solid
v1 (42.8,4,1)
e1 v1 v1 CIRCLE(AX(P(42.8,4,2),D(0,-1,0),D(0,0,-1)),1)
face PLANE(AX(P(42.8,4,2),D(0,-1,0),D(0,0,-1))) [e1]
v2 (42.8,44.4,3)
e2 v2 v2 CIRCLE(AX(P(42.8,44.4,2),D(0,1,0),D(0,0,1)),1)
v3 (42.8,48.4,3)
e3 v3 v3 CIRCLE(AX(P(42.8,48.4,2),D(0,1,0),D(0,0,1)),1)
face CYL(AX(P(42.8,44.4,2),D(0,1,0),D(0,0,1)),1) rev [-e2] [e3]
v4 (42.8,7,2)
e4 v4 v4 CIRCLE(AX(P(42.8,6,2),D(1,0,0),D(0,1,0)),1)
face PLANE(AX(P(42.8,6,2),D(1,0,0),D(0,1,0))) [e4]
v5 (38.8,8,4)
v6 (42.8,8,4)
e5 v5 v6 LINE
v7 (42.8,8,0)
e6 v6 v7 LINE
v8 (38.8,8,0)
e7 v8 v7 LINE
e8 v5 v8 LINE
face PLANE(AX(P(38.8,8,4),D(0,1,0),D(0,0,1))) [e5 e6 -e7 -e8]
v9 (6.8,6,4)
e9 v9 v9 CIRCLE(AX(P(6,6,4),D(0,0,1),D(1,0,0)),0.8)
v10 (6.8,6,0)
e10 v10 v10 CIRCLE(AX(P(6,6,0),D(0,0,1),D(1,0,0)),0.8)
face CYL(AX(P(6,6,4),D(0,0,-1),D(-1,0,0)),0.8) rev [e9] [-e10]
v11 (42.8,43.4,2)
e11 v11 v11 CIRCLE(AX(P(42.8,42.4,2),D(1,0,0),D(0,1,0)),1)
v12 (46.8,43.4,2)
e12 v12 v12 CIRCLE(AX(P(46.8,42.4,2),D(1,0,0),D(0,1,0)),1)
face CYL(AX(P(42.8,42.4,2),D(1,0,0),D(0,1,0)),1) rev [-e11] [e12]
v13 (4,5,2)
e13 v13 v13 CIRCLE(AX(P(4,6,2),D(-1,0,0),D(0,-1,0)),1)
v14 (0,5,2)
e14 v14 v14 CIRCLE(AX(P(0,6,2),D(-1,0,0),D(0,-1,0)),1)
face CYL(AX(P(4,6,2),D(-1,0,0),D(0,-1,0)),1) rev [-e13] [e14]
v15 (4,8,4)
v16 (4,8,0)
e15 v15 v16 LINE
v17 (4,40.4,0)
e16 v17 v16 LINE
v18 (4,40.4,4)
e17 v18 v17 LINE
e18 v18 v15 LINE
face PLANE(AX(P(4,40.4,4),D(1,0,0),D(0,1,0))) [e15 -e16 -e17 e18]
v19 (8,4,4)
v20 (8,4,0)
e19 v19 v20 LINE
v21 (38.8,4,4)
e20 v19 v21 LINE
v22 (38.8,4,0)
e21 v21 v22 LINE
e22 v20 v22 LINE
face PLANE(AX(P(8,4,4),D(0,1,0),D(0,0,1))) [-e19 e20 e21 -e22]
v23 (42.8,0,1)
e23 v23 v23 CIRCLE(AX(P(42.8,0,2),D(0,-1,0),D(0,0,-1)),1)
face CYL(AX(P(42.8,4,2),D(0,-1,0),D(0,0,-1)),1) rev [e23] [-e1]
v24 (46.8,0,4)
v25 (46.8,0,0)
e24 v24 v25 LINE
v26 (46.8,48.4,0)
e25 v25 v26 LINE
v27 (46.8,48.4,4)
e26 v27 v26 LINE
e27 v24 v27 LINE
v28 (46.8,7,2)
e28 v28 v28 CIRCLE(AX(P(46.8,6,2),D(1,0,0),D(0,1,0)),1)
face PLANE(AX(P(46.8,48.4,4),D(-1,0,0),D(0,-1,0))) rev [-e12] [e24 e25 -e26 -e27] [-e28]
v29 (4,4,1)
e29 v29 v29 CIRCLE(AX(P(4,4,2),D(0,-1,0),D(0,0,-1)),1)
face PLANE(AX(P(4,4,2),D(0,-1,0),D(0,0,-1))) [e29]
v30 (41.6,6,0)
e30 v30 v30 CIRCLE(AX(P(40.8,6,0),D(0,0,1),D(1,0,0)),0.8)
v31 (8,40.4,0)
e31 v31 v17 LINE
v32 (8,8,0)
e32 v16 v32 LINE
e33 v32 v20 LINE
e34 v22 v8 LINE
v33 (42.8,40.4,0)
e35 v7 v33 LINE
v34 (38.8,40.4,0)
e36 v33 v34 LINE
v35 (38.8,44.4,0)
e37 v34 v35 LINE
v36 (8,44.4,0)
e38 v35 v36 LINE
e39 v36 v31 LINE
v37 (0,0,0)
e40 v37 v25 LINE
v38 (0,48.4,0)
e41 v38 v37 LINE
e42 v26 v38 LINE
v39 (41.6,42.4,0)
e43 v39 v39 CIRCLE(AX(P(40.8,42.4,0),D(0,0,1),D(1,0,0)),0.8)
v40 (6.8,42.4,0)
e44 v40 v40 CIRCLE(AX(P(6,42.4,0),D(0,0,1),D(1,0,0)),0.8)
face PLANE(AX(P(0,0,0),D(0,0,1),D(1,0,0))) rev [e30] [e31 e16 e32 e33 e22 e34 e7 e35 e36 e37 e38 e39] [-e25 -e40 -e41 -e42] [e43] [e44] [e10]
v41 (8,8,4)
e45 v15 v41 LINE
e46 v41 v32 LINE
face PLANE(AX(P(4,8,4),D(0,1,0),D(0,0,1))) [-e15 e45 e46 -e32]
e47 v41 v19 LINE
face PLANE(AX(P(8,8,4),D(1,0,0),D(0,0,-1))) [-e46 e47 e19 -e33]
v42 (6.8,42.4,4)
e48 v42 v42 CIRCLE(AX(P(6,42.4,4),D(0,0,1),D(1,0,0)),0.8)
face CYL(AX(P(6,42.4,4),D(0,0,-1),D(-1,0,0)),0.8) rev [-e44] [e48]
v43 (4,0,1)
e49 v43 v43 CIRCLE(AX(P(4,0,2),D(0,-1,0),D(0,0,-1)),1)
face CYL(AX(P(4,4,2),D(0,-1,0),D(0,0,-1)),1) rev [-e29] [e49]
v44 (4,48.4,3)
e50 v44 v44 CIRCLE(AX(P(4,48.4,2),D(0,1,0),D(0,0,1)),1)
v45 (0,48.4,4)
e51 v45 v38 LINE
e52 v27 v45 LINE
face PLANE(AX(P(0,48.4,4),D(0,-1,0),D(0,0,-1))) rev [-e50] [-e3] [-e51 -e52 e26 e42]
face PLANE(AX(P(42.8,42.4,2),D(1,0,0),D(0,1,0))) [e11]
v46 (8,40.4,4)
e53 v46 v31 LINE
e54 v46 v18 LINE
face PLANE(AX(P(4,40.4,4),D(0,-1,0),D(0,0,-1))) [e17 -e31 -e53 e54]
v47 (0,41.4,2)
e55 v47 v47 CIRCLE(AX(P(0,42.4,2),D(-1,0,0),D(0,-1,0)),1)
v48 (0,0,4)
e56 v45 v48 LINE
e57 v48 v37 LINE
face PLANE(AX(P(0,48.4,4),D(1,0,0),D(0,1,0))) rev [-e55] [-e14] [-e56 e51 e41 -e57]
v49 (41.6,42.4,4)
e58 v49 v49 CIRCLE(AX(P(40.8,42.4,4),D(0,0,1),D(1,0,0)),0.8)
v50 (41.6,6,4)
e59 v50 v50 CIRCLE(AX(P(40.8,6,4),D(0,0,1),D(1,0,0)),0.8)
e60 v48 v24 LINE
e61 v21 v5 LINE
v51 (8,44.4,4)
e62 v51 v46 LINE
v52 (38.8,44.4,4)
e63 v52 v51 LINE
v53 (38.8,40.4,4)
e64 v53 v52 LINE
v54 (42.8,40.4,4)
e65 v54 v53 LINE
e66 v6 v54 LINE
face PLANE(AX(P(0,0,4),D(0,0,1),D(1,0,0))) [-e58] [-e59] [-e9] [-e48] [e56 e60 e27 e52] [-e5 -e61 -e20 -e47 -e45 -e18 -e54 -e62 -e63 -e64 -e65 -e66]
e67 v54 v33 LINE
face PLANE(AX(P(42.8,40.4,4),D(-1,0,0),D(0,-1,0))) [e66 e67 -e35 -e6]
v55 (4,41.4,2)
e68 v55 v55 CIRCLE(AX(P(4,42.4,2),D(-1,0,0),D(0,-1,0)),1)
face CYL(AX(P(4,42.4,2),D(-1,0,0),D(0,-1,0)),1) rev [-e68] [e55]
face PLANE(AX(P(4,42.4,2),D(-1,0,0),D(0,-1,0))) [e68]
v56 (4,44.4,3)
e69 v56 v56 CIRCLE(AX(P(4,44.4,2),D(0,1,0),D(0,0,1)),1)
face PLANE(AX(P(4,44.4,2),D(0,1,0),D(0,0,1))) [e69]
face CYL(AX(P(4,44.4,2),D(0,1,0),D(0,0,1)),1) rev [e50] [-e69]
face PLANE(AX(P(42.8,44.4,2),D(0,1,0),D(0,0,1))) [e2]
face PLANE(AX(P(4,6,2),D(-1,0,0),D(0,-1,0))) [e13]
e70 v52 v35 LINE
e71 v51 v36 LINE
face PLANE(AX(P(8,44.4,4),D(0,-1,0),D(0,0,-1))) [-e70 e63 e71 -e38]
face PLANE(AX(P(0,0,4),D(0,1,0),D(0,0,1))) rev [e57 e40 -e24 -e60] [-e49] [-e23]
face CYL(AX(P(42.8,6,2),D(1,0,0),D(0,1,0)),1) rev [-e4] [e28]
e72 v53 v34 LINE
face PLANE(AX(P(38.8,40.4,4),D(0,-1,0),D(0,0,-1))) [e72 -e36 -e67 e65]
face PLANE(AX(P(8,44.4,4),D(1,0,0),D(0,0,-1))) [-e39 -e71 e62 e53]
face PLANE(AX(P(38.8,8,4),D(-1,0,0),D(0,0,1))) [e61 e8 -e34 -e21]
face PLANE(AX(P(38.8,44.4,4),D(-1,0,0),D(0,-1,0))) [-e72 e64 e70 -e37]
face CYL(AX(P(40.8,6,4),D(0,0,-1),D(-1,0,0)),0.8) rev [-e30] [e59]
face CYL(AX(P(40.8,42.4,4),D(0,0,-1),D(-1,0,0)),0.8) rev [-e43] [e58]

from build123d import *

# Parameters (mm, degrees)
SKETCH1_W          = 46.8
SKETCH1_H          = 48.4
SKETCH1_R          = 0.8
LEFT_PANEL_DEPTH   = 4
SKETCH9_R          = 1
CUT_EXTRUDE5_DEPTH = 4
SKETCH10_R         = 1
CUT_EXTRUDE6_DEPTH = 4
SKETCH11_R         = 1
CUT_EXTRUDE7_DEPTH = 4
SKETCH12_R         = 1
CUT_EXTRUDE8_DEPTH = 4


with BuildPart() as part:
    # Sketch1 → left_panel (new body)
    with BuildSketch(Plane.XY):
        with Locations((23.4, 24.2)):
            Rectangle(SKETCH1_W, SKETCH1_H)
        with Locations((6, 6)):
            Circle(SKETCH1_R, mode=Mode.SUBTRACT)
        with Locations((40.8, 6)):
            Circle(SKETCH1_R, mode=Mode.SUBTRACT)
        with Locations((40.8, 42.4)):
            Circle(SKETCH1_R, mode=Mode.SUBTRACT)
        with Locations((6, 42.4)):
            Circle(SKETCH1_R, mode=Mode.SUBTRACT)
        Polygon((8, 44.4), (38.8, 44.4), (38.8, 40.4), (42.8, 40.4), (42.8, 8), (38.8, 8), (38.8, 4), (8, 4), (8, 8), (4, 8), (4, 40.4), (8, 40.4), align=None, mode=Mode.SUBTRACT)
    extrude(amount=LEFT_PANEL_DEPTH)

    # Sketch9 → Cut-Extrude5 (cut)
    with BuildSketch(Plane(origin=(46.8, 0, 0), x_dir=(0, 0, -1), z_dir=(1, 0, 0))):
        with Locations((-2, 6)):
            Circle(SKETCH9_R)
        with Locations((-2, 42.4)):
            Circle(SKETCH9_R)
    extrude(amount=-CUT_EXTRUDE5_DEPTH, mode=Mode.SUBTRACT)

    # Sketch10 → Cut-Extrude6 (cut)
    with BuildSketch(Plane.ZY):
        with Locations((2, 6)):
            Circle(SKETCH10_R)
        with Locations((2, 42.4)):
            Circle(SKETCH10_R)
    extrude(amount=-CUT_EXTRUDE6_DEPTH, mode=Mode.SUBTRACT)

    # Sketch11 → Cut-Extrude7 (cut)
    with BuildSketch(Plane(origin=(0, 48.4, 0), x_dir=(1, 0, 0), z_dir=(0, 1, 0))):
        with Locations((4, -2)):
            Circle(SKETCH11_R)
        with Locations((42.8, -2)):
            Circle(SKETCH11_R)
    extrude(amount=-CUT_EXTRUDE7_DEPTH, mode=Mode.SUBTRACT)

    # Sketch12 → Cut-Extrude8 (cut)
    with BuildSketch(Plane.XZ):
        with Locations((4, 2)):
            Circle(SKETCH12_R)
        with Locations((42.8, 2)):
            Circle(SKETCH12_R)
    extrude(amount=-CUT_EXTRUDE8_DEPTH, mode=Mode.SUBTRACT)


solid = part.part
